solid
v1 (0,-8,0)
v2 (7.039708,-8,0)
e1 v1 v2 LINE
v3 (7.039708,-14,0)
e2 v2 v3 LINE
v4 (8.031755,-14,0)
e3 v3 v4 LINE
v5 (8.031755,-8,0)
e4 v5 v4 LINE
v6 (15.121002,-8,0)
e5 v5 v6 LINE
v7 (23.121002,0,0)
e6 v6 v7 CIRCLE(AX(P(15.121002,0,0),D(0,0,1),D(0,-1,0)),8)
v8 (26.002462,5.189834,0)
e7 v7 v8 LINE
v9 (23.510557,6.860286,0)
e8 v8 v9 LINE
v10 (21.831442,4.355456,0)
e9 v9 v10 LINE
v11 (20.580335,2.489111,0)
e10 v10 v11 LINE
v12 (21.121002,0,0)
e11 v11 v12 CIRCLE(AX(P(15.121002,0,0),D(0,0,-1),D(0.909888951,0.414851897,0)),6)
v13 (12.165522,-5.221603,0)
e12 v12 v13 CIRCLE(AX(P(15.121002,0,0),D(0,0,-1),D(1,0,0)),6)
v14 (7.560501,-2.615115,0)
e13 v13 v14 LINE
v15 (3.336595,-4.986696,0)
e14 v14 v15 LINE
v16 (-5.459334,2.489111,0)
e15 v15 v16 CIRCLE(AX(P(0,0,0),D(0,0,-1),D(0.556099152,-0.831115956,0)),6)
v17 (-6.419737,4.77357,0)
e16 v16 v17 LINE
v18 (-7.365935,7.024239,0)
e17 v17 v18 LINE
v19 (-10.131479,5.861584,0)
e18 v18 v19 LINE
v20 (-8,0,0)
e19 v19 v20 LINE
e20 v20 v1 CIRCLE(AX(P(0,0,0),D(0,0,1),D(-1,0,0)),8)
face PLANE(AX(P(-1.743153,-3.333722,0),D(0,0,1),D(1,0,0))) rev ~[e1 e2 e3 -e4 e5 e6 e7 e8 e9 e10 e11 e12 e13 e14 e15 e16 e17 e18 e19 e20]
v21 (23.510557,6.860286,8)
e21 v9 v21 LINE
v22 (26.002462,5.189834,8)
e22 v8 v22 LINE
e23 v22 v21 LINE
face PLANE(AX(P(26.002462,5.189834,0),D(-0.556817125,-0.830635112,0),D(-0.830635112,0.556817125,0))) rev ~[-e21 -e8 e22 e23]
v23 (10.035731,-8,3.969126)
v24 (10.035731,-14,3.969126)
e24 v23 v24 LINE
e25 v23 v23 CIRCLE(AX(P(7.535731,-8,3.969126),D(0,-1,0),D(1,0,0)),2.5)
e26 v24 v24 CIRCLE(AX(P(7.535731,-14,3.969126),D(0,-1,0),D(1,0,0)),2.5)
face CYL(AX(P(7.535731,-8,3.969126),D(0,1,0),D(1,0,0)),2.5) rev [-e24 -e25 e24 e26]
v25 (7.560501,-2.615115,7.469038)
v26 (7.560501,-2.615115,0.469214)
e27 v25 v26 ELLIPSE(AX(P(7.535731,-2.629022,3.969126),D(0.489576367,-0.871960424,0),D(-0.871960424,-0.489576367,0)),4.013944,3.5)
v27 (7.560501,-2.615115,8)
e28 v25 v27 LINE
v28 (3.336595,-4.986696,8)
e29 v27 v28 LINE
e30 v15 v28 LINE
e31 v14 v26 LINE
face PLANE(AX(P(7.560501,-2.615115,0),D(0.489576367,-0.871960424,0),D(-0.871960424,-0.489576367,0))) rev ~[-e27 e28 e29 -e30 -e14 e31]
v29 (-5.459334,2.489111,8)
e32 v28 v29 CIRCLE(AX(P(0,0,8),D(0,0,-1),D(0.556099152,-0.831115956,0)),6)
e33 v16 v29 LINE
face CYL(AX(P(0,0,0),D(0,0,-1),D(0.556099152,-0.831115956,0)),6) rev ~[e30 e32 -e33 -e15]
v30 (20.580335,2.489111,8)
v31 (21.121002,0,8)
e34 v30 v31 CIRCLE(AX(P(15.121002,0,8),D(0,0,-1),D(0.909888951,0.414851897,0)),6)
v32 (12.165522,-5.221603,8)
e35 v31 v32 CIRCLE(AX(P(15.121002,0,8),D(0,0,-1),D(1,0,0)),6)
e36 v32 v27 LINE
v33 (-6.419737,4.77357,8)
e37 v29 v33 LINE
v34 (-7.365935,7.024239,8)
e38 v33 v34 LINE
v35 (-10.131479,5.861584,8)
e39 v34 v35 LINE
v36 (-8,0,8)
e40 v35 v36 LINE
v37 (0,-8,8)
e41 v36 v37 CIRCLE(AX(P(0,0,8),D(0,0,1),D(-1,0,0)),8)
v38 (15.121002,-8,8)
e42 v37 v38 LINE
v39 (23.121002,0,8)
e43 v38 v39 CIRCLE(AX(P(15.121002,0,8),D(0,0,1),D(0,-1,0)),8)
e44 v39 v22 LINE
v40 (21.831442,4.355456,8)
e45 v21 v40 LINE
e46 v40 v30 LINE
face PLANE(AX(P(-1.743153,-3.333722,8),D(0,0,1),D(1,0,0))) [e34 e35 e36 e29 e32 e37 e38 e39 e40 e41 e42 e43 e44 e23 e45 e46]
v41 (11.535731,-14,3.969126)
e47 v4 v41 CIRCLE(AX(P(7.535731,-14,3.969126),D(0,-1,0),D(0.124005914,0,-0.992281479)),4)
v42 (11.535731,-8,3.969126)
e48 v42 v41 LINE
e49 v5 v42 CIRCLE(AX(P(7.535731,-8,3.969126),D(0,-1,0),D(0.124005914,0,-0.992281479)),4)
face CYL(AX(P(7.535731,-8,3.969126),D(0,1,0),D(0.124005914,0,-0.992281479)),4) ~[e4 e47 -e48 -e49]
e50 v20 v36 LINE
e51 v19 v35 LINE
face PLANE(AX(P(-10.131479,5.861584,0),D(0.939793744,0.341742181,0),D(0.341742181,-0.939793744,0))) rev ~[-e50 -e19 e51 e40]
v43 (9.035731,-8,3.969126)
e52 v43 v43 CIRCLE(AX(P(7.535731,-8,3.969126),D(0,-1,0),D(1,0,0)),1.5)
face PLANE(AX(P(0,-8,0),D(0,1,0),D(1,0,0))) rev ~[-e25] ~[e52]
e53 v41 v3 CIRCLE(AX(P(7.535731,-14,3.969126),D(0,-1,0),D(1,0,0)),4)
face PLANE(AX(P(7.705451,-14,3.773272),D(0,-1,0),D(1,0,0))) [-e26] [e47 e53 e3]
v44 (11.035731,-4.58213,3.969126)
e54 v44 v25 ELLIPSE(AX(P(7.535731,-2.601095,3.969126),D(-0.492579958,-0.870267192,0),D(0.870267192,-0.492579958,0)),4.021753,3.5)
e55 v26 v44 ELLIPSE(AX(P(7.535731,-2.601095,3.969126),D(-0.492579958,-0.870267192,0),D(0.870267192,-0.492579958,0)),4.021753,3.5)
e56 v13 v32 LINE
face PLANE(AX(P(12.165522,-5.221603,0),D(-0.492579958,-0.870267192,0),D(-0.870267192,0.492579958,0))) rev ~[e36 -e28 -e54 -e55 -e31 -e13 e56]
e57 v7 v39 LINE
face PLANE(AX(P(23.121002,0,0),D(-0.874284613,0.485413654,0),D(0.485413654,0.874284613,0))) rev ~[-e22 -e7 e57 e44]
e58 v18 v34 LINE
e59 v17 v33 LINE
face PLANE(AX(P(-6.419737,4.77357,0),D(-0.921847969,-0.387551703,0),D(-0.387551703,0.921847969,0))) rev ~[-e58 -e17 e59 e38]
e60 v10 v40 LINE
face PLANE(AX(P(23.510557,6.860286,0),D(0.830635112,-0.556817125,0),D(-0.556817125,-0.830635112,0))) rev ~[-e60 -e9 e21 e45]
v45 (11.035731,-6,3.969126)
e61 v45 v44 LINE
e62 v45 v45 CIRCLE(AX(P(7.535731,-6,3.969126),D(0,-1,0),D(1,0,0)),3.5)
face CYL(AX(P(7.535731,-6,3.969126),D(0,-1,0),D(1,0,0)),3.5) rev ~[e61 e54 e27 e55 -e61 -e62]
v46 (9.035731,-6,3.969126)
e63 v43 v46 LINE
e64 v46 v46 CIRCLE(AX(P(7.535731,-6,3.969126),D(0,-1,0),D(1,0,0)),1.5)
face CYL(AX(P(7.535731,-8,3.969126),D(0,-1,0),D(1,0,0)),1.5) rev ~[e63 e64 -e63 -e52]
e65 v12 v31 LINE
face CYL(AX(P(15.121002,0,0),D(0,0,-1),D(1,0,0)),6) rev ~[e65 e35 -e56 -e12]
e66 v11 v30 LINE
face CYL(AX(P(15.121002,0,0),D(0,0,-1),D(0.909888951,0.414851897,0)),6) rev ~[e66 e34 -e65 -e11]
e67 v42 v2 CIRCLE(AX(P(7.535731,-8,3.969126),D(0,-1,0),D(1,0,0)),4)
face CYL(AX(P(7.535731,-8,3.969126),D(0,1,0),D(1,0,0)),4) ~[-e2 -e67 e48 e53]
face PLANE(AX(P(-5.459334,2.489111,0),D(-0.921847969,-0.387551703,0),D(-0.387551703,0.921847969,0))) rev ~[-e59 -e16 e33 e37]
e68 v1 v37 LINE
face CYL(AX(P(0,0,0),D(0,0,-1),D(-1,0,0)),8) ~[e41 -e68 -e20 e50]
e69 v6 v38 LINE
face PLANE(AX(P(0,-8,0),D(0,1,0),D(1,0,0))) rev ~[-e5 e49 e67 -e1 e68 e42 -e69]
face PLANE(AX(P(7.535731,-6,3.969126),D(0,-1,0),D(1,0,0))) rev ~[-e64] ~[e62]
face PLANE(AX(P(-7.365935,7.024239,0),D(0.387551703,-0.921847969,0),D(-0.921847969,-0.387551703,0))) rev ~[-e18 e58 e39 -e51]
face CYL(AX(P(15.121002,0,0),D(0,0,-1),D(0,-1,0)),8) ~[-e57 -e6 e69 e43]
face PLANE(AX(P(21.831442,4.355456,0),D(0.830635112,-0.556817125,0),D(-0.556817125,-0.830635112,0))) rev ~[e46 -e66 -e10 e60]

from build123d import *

# Parameters (mm, degrees)
F1_DEPTH = 8
F2_R     = 1.5
F3_DEPTH = 25
F2_R_2   = 2.5
F4_DEPTH = 6
F6_START = -2
F5_R     = 3.5
F6_DEPTH = 23


with BuildPart() as f1:
    # F0 (on Top) → F1 (new body)
    with BuildSketch(Plane.XY):
        with BuildLine():
            ThreePointArc((-6.4197371813, 4.7735704167), (-7.5946658073, 2.5141700966), (-8, 0))
            ThreePointArc((-8, 0), (-5.6568542495, -5.6568542495), (0, -8))
            ThreePointArc((0, -8), (4.6410709926, -6.5161691231), (7.5605008751, -2.6151150104))
            Line((7.5605008751, -2.6151150104), (3.3365949124, -4.9866957387))
            ThreePointArc((3.3365949124, -4.9866957387), (-3.8856695712, -4.5718237044), (-5.4593337085, 2.4891113795))
            Line((-5.4593337085, 2.4891113795), (-6.4197371813, 4.7735704167))
        make_face()
        with BuildLine():
            ThreePointArc((7.5605008751, -2.6151150104), (4.6410709926, -6.5161691231), (0, -8))
            Line((0, -8), (15.1210017502, -8))
            ThreePointArc((15.1210017502, -8), (10.4799307576, -6.5161691231), (7.5605008751, -2.6151150104))
        make_face()
        with BuildLine():
            Line((12.1655220018, -5.2216031501), (7.5605008751, -2.6151150104))
            ThreePointArc((7.5605008751, -2.6151150104), (10.4799307576, -6.5161691231), (15.1210017502, -8))
            ThreePointArc((15.1210017502, -8), (20.7778559997, -5.6568542495), (23.1210017502, 0))
            ThreePointArc((23.1210017502, 0), (22.79183999, 2.2711760607), (21.8314415756, 4.3554560439))
            Line((21.8314415756, 4.3554560439), (20.5803354587, 2.4891113795))
            ThreePointArc((20.5803354587, 2.4891113795), (20.9842773813, 1.2735771962), (21.1210017502, 0))
            ThreePointArc((21.1210017502, 0), (18.1431798977, -5.1832846001), (12.1655220018, -5.2216031501))
        make_face()
        with BuildLine():
            ThreePointArc((21.8314415756, 4.3554560439), (22.79183999, 2.2711760607), (23.1210017502, 0))
            Line((23.1210017502, 0), (26.0024620047, 5.1898341576))
            Line((26.0024620047, 5.1898341576), (23.510556668, 6.8602855317))
            Line((23.510556668, 6.8602855317), (21.8314415756, 4.3554560439))
        make_face()
        with BuildLine():
            Line((-10.1314789225, 5.8615841737), (-8, 0))
            ThreePointArc((-8, 0), (-7.5946658073, 2.5141700966), (-6.4197371813, 4.7735704167))
            Line((-6.4197371813, 4.7735704167), (-7.3659350164, 7.0242392831))
            Line((-7.3659350164, 7.0242392831), (-10.1314789225, 5.8615841737))
        make_face()
    extrude(amount=F1_DEPTH)

    # F2 (on face) → F3 (cut)
    with BuildSketch(Plane.XZ.offset(8)):
        with Locations((7.5357314199, 3.9691259153)):
            Circle(F2_R)
    extrude(amount=-F3_DEPTH, mode=Mode.SUBTRACT)

    # F2 (on face) → F4 (join)
    with BuildSketch(Plane.XZ.offset(8)):
        with BuildLine():
            ThreePointArc((8.031755077, 0), (10.5344056793, 1.3218721145), (11.5357314199, 3.9691259153))
            ThreePointArc((11.5357314199, 3.9691259153), (4.8884776191, 6.9678001747), (7.0397077629, 0))
            Line((7.0397077629, 0), (8.031755077, 0))
        make_face()
        with Locations((7.5357314199, 3.9691259153)):
            Circle(F2_R_2, mode=Mode.SUBTRACT)
    extrude(amount=F4_DEPTH)

    # F5 (on face) → F6 (cut)
    with BuildSketch(Plane.XZ.offset(8).offset(F6_START)):
        with Locations((7.5357314199, 3.9691259153)):
            Circle(F5_R)
    extrude(amount=-F6_DEPTH, mode=Mode.SUBTRACT)


solid = f1.part
